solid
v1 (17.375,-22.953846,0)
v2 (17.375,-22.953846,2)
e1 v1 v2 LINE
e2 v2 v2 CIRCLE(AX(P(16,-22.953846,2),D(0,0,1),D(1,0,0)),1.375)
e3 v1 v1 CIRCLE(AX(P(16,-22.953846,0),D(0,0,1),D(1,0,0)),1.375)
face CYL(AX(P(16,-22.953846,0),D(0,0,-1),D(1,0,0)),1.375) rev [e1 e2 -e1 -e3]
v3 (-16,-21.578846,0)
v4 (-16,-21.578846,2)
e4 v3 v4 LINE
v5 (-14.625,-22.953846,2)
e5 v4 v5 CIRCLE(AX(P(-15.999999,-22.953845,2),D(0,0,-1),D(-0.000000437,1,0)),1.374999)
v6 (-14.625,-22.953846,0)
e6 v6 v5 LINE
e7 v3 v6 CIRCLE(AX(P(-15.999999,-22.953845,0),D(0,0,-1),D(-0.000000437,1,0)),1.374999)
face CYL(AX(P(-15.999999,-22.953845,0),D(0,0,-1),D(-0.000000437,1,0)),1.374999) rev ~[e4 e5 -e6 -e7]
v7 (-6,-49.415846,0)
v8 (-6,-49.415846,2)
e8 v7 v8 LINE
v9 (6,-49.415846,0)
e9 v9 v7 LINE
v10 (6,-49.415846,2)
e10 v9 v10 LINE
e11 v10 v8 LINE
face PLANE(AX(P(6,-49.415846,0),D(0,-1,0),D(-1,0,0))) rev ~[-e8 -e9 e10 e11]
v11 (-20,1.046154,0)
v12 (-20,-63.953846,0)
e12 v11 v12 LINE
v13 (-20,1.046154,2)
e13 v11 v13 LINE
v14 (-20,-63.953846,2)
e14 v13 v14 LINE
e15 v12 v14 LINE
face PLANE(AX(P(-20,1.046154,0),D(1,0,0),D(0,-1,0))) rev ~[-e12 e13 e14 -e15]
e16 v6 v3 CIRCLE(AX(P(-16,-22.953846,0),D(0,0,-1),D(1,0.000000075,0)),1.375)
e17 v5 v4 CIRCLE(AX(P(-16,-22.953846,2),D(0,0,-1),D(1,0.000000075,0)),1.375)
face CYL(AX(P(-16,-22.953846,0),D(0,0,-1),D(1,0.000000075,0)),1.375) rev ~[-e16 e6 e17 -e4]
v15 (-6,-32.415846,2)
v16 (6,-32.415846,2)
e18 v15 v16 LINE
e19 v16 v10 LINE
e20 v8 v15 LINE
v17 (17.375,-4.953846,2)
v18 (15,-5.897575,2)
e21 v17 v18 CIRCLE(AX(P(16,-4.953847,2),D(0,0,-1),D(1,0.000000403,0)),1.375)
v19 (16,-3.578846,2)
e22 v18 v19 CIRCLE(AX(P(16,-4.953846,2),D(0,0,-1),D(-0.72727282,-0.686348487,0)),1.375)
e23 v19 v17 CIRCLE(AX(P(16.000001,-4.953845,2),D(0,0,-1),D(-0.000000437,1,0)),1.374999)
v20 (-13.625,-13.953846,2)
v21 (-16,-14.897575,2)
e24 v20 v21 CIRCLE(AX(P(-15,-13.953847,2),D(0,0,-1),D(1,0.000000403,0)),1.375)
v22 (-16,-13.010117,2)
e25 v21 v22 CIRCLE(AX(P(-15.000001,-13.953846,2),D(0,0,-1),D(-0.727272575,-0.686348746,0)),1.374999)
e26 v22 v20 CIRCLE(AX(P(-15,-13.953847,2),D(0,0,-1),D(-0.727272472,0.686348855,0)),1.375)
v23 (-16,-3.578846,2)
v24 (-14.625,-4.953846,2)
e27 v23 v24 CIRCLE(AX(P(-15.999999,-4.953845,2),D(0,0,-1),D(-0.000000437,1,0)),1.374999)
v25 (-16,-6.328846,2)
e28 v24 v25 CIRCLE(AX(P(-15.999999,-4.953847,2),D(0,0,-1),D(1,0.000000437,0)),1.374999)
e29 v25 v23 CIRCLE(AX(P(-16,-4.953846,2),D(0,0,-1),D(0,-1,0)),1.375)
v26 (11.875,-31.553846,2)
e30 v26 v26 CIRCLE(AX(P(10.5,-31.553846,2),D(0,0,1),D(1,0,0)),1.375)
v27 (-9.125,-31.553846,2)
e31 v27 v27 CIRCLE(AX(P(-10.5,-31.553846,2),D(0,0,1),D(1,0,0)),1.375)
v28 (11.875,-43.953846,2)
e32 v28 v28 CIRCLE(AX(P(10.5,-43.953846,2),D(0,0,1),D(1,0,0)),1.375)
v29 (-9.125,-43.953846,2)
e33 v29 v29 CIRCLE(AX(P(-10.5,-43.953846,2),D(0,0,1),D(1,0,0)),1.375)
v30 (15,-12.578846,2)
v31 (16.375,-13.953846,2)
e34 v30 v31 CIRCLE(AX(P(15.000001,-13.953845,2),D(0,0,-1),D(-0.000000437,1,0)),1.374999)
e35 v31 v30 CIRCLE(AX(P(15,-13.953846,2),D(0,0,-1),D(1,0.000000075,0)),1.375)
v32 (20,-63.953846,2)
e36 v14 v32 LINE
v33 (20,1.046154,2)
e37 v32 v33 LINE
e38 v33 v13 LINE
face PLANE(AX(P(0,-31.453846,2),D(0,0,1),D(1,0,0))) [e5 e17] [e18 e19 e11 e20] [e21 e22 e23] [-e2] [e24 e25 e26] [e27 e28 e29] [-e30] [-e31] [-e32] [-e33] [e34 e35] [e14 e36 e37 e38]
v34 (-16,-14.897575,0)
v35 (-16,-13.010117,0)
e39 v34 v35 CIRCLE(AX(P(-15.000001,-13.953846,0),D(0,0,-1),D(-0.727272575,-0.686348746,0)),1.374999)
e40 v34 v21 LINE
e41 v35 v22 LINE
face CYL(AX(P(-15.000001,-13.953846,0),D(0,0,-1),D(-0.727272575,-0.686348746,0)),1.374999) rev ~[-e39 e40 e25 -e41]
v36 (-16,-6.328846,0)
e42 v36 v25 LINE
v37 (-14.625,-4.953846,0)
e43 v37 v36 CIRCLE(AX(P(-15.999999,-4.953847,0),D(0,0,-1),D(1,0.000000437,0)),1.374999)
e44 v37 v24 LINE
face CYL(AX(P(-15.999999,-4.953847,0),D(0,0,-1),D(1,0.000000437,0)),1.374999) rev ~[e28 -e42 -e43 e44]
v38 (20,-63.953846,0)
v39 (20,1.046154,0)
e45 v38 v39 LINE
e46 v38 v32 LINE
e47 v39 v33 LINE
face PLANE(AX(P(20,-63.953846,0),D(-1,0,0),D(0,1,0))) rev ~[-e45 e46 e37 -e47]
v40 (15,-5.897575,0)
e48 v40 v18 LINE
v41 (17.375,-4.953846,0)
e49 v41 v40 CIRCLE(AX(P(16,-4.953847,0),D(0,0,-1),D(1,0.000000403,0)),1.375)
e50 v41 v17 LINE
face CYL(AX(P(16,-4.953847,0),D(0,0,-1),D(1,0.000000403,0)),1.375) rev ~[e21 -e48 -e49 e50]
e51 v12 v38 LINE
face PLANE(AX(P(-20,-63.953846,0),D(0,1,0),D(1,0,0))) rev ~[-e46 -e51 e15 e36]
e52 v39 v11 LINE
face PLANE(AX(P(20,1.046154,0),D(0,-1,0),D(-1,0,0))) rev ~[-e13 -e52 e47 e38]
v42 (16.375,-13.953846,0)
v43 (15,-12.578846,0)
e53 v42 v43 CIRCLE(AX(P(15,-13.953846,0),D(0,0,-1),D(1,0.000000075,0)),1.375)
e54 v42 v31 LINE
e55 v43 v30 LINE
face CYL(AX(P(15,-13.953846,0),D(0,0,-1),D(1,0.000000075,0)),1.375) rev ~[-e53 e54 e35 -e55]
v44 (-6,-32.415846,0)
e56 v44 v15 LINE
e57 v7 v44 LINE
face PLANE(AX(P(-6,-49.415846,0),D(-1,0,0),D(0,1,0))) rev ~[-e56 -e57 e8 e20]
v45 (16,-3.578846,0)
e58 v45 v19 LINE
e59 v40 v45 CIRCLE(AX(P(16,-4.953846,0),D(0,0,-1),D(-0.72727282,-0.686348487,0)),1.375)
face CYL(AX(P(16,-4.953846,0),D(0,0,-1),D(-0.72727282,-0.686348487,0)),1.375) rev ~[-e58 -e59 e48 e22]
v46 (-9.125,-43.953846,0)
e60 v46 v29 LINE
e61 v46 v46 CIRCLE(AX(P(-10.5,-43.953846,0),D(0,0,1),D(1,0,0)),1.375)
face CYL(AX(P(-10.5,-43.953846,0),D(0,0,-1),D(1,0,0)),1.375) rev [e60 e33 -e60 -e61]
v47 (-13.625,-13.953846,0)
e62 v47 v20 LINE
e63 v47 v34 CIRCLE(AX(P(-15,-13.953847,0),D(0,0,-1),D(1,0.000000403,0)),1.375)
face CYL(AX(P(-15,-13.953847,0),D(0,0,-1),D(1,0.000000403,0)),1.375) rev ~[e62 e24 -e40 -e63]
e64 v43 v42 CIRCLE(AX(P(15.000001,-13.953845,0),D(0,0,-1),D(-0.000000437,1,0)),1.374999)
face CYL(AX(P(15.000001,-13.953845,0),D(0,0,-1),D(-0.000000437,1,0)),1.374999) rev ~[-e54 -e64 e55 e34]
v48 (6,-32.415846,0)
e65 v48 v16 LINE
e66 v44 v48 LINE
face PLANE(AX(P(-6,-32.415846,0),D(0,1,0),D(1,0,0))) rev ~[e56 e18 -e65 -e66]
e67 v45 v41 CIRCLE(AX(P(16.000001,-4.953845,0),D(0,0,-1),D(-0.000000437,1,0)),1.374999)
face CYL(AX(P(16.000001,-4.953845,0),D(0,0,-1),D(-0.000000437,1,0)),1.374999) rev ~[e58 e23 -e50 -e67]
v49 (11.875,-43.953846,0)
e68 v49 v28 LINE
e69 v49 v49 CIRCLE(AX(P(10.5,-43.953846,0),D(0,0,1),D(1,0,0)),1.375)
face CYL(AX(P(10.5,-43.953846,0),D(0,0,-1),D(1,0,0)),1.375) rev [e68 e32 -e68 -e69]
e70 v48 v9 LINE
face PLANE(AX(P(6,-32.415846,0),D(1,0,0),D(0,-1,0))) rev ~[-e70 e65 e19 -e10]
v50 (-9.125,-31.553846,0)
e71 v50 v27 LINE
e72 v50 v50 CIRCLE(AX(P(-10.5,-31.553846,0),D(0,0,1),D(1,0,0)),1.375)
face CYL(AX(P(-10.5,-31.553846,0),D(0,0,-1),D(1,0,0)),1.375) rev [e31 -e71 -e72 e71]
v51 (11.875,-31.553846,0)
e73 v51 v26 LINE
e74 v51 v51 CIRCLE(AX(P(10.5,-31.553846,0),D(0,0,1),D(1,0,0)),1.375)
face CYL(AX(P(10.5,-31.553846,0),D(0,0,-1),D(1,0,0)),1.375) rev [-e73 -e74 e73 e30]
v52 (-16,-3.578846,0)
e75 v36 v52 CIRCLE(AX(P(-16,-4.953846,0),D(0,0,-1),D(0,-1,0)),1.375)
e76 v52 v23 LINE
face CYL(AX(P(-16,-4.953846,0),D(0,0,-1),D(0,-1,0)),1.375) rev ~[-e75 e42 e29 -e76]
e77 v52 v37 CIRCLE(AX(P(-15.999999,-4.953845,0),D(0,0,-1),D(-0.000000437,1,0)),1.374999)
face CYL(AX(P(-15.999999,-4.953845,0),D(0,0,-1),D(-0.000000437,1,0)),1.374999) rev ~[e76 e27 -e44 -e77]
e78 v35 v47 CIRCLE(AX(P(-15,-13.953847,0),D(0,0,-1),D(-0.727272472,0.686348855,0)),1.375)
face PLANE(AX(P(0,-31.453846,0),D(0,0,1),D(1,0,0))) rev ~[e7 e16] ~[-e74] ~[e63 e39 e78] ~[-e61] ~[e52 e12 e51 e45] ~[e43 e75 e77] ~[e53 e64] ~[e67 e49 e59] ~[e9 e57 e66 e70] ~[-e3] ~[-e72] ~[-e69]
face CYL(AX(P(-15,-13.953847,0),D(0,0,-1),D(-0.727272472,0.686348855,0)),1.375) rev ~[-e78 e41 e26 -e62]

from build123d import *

# Parameters (mm, degrees)
F0_R     = 1.375
F1_DEPTH = 2


with BuildPart() as f1:
    # F0 (on Top) → F1 (new body)
    with BuildSketch(Plane.XY):
        Polygon((0, -63.953846), (20, -63.953846), (20, 1.046154), (16, 1.046154), (-16, 1.046154), (-20, 1.046154), (-20, -63.953846), align=None)
        with Locations((-10.5, -43.953846)):
            Circle(F0_R, mode=Mode.SUBTRACT)
        with Locations((-10.5, -31.553846)):
            Circle(F0_R, mode=Mode.SUBTRACT)
        Polygon((-6, -32.415846), (0, -32.415846), (6, -32.415846), (6, -49.415846), (-6, -49.415846), align=None, mode=Mode.SUBTRACT)
        with Locations((10.5, -43.953846)):
            Circle(F0_R, mode=Mode.SUBTRACT)
        with Locations((10.5, -31.553846)):
            Circle(F0_R, mode=Mode.SUBTRACT)
        with BuildLine():
            ThreePointArc((-14.625, -22.953846), (-16.972272, -23.926118), (-16, -21.578846))
            ThreePointArc((-16, -21.578846), (-15.027728, -21.981574), (-14.625, -22.953846))
        make_face(mode=Mode.SUBTRACT)
        with BuildLine():
            ThreePointArc((-16, -14.897575), (-16.375, -13.953846), (-16, -13.010117))
            ThreePointArc((-16, -13.010117), (-14.492248, -12.676031), (-13.625, -13.953846))
            ThreePointArc((-13.625, -13.953846), (-14.492248, -15.231662), (-16, -14.897575))
        make_face(mode=Mode.SUBTRACT)
        with BuildLine():
            ThreePointArc((-16, -6.328846), (-17.375, -4.953846), (-16, -3.578846))
            ThreePointArc((-16, -3.578846), (-15.027728, -3.981574), (-14.625, -4.953846))
            ThreePointArc((-14.625, -4.953846), (-15.027728, -5.926118), (-16, -6.328846))
        make_face(mode=Mode.SUBTRACT)
        with Locations((16, -22.953846)):
            Circle(F0_R, mode=Mode.SUBTRACT)
        with BuildLine():
            ThreePointArc((16.375, -13.953846), (14.027728, -14.926118), (15, -12.578846))
            ThreePointArc((15, -12.578846), (15.972272, -12.981574), (16.375, -13.953846))
        make_face(mode=Mode.SUBTRACT)
        with BuildLine():
            ThreePointArc((15, -5.897575), (14.737413, -4.409329), (16, -3.578846))
            ThreePointArc((16, -3.578846), (16.972272, -3.981574), (17.375, -4.953846))
            ThreePointArc((17.375, -4.953846), (16.507752, -6.231662), (15, -5.897575))
        make_face(mode=Mode.SUBTRACT)
    extrude(amount=F1_DEPTH)


solid = f1.part
